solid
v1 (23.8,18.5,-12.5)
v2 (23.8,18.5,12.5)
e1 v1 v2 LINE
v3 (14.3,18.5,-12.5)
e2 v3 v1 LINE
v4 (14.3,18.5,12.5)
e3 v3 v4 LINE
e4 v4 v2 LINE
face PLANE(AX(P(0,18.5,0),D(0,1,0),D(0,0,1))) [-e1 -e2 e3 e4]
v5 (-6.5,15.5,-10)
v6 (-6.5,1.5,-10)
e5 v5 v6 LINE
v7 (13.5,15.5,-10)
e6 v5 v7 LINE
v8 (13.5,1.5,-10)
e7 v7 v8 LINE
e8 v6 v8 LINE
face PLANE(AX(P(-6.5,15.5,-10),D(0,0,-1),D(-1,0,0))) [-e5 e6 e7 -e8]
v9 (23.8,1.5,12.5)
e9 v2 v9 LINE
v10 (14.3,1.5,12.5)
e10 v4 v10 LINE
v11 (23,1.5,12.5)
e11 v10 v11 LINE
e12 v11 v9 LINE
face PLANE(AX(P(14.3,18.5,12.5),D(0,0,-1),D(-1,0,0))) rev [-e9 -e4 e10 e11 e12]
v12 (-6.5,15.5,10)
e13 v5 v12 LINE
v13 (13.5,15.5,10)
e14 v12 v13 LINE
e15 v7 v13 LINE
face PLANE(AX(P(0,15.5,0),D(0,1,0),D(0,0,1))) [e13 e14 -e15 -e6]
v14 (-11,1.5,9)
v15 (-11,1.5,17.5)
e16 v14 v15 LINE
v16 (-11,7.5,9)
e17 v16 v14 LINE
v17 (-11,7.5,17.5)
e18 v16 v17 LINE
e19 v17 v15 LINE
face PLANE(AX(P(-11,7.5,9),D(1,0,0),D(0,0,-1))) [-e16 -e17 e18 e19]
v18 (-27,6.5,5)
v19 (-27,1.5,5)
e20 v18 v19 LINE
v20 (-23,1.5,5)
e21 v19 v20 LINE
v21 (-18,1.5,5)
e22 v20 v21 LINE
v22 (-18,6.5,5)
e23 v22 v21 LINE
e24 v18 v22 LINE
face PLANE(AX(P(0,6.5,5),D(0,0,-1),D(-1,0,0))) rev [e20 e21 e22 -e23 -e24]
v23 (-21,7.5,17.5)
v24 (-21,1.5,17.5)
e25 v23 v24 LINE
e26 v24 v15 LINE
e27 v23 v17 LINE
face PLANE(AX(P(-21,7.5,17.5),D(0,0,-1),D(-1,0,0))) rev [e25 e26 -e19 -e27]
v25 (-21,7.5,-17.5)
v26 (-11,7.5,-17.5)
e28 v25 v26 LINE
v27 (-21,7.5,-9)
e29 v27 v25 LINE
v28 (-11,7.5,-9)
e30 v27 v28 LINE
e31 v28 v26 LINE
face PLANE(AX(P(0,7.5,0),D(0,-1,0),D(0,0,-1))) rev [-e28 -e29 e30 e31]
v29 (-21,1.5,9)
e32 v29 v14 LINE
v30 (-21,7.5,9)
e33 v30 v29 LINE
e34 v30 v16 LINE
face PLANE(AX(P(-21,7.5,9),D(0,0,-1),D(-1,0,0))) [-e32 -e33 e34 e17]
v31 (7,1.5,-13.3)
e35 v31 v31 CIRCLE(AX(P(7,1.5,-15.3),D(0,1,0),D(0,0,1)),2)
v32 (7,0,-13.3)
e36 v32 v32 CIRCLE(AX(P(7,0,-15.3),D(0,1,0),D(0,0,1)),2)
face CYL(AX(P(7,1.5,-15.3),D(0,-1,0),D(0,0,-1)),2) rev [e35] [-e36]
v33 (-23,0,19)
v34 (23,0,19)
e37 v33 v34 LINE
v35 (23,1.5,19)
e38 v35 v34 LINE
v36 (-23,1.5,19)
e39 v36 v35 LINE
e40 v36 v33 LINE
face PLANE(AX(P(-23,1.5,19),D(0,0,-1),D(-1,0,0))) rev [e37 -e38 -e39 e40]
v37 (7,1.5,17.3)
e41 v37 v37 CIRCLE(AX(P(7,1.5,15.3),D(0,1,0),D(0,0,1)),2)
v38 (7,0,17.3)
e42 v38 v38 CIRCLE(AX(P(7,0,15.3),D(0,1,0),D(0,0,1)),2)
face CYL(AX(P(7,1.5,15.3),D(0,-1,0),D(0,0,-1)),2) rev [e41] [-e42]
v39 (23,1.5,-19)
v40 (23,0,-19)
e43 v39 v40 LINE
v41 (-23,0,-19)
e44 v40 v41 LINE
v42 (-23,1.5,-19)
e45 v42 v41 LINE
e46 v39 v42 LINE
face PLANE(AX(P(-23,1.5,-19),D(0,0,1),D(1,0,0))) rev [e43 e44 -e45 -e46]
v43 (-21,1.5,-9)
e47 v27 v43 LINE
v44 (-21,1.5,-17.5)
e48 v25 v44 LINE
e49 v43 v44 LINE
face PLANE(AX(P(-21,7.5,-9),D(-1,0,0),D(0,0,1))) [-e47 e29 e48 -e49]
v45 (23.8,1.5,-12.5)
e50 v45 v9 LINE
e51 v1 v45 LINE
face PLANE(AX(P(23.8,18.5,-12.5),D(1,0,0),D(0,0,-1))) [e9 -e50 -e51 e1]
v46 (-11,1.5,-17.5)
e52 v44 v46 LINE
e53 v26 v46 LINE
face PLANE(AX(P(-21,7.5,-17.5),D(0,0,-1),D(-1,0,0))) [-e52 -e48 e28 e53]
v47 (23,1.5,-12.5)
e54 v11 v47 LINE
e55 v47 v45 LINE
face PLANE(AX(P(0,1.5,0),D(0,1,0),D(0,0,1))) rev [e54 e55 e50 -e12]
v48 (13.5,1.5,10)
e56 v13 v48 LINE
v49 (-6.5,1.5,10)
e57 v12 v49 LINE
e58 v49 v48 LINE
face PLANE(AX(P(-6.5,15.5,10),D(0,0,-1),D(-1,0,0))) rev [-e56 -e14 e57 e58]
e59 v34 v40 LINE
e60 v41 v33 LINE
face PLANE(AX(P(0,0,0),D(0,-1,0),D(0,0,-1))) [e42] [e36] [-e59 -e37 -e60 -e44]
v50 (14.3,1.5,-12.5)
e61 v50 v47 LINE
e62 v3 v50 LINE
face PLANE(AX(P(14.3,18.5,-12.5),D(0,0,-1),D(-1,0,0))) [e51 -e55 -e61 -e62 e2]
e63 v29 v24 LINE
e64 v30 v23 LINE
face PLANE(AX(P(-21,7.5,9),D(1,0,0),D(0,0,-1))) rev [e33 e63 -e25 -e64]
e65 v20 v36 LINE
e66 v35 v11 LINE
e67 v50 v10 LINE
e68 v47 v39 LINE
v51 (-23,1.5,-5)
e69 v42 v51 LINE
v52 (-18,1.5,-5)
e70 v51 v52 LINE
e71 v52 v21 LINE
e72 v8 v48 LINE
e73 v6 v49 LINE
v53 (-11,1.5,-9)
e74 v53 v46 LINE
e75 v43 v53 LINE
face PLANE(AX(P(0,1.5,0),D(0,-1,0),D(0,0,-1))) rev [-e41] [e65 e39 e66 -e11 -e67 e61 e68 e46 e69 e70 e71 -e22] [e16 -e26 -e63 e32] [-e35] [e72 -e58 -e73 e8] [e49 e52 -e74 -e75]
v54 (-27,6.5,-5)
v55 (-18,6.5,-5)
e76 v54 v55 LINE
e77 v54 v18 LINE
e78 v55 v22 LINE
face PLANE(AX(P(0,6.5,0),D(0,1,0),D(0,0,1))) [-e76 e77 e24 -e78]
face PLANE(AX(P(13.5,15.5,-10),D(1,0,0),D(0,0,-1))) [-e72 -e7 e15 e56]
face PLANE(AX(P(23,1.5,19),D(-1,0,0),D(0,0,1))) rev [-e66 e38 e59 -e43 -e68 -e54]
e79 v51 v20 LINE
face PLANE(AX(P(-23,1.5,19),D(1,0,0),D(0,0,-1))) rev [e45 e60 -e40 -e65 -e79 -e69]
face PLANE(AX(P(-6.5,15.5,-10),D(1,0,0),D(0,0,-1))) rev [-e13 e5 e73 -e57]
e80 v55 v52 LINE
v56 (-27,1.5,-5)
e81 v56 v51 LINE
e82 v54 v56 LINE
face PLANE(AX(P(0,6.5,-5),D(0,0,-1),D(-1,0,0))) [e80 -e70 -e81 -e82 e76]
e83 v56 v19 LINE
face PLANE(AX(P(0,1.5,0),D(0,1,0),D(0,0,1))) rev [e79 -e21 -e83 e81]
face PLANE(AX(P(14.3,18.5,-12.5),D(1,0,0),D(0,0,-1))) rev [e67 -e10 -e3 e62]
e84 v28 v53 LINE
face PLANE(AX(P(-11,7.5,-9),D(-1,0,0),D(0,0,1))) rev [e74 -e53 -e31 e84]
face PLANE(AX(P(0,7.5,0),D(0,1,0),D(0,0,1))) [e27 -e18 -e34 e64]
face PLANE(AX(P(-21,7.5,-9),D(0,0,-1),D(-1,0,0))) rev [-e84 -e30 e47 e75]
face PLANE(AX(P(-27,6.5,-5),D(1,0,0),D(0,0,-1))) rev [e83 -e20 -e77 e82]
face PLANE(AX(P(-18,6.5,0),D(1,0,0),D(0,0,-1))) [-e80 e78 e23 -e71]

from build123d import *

# Parameters (mm, degrees)
ESBO_O1_W                = 46
ESBO_O1_H                = 38
ESBO_O1_R                = 2
RESSALTO_EXTRUS_O1_DEPTH = 1.5
ESBO_O2_W                = 9
ESBO_O2_H                = 10
RESSALTO_EXTRUS_O2_DEPTH = 5
ESBO_O2_3_W              = 10
ESBO_O2_3_H              = 8.5
RESSALTO_EXTRUS_O3_DEPTH = 6
ESBO_O2_4_W              = 20
ESBO_O2_4_H              = 20
RESSALTO_EXTRUS_O4_DEPTH = 14
ESBO_O2_5_W              = 9.5
ESBO_O2_5_H              = 25
RESSALTO_EXTRUS_O5_DEPTH = 17


with BuildPart() as part:
    # Esboço1 → Ressalto-extrusão1 (new body)
    with BuildSketch(Plane(origin=(0, 0, 0), x_dir=(1, 0, 0), z_dir=(0, 1, 0))):
        Rectangle(ESBO_O1_W, ESBO_O1_H)
        with Locations((7, -15.3)):
            Circle(ESBO_O1_R, mode=Mode.SUBTRACT)
        with Locations((7, 15.3)):
            Circle(ESBO_O1_R, mode=Mode.SUBTRACT)
    extrude(amount=RESSALTO_EXTRUS_O1_DEPTH)

    # Esboço2 → Ressalto-extrusão2 (add)
    with BuildSketch(Plane(origin=(0, 1.5, 0), x_dir=(1, 0, 0), z_dir=(0, 1, 0))):
        with Locations((-22.5, 0)):
            Rectangle(ESBO_O2_W, ESBO_O2_H)
    extrude(amount=RESSALTO_EXTRUS_O2_DEPTH)

    # Esboço2<3> → Ressalto-extrusão3 (add)
    with BuildSketch(Plane(origin=(0, 1.5, 0), x_dir=(1, 0, 0), z_dir=(0, 1, 0))):
        with Locations((-16, -13.25)):
            Rectangle(ESBO_O2_3_W, ESBO_O2_3_H)
        with Locations((-16, 13.25)):
            Rectangle(ESBO_O2_3_W, ESBO_O2_3_H)
    extrude(amount=RESSALTO_EXTRUS_O3_DEPTH)

    # Esboço2<4> → Ressalto-extrusão4 (add)
    with BuildSketch(Plane(origin=(0, 1.5, 0), x_dir=(1, 0, 0), z_dir=(0, 1, 0))):
        with Locations((3.5, 0)):
            Rectangle(ESBO_O2_4_W, ESBO_O2_4_H)
    extrude(amount=RESSALTO_EXTRUS_O4_DEPTH)

    # Esboço2<5> → Ressalto-extrusão5 (add)
    with BuildSketch(Plane(origin=(0, 1.5, 0), x_dir=(1, 0, 0), z_dir=(0, 1, 0))):
        with Locations((19.05, 0)):
            Rectangle(ESBO_O2_5_W, ESBO_O2_5_H)
    extrude(amount=RESSALTO_EXTRUS_O5_DEPTH)


solid = part.part
